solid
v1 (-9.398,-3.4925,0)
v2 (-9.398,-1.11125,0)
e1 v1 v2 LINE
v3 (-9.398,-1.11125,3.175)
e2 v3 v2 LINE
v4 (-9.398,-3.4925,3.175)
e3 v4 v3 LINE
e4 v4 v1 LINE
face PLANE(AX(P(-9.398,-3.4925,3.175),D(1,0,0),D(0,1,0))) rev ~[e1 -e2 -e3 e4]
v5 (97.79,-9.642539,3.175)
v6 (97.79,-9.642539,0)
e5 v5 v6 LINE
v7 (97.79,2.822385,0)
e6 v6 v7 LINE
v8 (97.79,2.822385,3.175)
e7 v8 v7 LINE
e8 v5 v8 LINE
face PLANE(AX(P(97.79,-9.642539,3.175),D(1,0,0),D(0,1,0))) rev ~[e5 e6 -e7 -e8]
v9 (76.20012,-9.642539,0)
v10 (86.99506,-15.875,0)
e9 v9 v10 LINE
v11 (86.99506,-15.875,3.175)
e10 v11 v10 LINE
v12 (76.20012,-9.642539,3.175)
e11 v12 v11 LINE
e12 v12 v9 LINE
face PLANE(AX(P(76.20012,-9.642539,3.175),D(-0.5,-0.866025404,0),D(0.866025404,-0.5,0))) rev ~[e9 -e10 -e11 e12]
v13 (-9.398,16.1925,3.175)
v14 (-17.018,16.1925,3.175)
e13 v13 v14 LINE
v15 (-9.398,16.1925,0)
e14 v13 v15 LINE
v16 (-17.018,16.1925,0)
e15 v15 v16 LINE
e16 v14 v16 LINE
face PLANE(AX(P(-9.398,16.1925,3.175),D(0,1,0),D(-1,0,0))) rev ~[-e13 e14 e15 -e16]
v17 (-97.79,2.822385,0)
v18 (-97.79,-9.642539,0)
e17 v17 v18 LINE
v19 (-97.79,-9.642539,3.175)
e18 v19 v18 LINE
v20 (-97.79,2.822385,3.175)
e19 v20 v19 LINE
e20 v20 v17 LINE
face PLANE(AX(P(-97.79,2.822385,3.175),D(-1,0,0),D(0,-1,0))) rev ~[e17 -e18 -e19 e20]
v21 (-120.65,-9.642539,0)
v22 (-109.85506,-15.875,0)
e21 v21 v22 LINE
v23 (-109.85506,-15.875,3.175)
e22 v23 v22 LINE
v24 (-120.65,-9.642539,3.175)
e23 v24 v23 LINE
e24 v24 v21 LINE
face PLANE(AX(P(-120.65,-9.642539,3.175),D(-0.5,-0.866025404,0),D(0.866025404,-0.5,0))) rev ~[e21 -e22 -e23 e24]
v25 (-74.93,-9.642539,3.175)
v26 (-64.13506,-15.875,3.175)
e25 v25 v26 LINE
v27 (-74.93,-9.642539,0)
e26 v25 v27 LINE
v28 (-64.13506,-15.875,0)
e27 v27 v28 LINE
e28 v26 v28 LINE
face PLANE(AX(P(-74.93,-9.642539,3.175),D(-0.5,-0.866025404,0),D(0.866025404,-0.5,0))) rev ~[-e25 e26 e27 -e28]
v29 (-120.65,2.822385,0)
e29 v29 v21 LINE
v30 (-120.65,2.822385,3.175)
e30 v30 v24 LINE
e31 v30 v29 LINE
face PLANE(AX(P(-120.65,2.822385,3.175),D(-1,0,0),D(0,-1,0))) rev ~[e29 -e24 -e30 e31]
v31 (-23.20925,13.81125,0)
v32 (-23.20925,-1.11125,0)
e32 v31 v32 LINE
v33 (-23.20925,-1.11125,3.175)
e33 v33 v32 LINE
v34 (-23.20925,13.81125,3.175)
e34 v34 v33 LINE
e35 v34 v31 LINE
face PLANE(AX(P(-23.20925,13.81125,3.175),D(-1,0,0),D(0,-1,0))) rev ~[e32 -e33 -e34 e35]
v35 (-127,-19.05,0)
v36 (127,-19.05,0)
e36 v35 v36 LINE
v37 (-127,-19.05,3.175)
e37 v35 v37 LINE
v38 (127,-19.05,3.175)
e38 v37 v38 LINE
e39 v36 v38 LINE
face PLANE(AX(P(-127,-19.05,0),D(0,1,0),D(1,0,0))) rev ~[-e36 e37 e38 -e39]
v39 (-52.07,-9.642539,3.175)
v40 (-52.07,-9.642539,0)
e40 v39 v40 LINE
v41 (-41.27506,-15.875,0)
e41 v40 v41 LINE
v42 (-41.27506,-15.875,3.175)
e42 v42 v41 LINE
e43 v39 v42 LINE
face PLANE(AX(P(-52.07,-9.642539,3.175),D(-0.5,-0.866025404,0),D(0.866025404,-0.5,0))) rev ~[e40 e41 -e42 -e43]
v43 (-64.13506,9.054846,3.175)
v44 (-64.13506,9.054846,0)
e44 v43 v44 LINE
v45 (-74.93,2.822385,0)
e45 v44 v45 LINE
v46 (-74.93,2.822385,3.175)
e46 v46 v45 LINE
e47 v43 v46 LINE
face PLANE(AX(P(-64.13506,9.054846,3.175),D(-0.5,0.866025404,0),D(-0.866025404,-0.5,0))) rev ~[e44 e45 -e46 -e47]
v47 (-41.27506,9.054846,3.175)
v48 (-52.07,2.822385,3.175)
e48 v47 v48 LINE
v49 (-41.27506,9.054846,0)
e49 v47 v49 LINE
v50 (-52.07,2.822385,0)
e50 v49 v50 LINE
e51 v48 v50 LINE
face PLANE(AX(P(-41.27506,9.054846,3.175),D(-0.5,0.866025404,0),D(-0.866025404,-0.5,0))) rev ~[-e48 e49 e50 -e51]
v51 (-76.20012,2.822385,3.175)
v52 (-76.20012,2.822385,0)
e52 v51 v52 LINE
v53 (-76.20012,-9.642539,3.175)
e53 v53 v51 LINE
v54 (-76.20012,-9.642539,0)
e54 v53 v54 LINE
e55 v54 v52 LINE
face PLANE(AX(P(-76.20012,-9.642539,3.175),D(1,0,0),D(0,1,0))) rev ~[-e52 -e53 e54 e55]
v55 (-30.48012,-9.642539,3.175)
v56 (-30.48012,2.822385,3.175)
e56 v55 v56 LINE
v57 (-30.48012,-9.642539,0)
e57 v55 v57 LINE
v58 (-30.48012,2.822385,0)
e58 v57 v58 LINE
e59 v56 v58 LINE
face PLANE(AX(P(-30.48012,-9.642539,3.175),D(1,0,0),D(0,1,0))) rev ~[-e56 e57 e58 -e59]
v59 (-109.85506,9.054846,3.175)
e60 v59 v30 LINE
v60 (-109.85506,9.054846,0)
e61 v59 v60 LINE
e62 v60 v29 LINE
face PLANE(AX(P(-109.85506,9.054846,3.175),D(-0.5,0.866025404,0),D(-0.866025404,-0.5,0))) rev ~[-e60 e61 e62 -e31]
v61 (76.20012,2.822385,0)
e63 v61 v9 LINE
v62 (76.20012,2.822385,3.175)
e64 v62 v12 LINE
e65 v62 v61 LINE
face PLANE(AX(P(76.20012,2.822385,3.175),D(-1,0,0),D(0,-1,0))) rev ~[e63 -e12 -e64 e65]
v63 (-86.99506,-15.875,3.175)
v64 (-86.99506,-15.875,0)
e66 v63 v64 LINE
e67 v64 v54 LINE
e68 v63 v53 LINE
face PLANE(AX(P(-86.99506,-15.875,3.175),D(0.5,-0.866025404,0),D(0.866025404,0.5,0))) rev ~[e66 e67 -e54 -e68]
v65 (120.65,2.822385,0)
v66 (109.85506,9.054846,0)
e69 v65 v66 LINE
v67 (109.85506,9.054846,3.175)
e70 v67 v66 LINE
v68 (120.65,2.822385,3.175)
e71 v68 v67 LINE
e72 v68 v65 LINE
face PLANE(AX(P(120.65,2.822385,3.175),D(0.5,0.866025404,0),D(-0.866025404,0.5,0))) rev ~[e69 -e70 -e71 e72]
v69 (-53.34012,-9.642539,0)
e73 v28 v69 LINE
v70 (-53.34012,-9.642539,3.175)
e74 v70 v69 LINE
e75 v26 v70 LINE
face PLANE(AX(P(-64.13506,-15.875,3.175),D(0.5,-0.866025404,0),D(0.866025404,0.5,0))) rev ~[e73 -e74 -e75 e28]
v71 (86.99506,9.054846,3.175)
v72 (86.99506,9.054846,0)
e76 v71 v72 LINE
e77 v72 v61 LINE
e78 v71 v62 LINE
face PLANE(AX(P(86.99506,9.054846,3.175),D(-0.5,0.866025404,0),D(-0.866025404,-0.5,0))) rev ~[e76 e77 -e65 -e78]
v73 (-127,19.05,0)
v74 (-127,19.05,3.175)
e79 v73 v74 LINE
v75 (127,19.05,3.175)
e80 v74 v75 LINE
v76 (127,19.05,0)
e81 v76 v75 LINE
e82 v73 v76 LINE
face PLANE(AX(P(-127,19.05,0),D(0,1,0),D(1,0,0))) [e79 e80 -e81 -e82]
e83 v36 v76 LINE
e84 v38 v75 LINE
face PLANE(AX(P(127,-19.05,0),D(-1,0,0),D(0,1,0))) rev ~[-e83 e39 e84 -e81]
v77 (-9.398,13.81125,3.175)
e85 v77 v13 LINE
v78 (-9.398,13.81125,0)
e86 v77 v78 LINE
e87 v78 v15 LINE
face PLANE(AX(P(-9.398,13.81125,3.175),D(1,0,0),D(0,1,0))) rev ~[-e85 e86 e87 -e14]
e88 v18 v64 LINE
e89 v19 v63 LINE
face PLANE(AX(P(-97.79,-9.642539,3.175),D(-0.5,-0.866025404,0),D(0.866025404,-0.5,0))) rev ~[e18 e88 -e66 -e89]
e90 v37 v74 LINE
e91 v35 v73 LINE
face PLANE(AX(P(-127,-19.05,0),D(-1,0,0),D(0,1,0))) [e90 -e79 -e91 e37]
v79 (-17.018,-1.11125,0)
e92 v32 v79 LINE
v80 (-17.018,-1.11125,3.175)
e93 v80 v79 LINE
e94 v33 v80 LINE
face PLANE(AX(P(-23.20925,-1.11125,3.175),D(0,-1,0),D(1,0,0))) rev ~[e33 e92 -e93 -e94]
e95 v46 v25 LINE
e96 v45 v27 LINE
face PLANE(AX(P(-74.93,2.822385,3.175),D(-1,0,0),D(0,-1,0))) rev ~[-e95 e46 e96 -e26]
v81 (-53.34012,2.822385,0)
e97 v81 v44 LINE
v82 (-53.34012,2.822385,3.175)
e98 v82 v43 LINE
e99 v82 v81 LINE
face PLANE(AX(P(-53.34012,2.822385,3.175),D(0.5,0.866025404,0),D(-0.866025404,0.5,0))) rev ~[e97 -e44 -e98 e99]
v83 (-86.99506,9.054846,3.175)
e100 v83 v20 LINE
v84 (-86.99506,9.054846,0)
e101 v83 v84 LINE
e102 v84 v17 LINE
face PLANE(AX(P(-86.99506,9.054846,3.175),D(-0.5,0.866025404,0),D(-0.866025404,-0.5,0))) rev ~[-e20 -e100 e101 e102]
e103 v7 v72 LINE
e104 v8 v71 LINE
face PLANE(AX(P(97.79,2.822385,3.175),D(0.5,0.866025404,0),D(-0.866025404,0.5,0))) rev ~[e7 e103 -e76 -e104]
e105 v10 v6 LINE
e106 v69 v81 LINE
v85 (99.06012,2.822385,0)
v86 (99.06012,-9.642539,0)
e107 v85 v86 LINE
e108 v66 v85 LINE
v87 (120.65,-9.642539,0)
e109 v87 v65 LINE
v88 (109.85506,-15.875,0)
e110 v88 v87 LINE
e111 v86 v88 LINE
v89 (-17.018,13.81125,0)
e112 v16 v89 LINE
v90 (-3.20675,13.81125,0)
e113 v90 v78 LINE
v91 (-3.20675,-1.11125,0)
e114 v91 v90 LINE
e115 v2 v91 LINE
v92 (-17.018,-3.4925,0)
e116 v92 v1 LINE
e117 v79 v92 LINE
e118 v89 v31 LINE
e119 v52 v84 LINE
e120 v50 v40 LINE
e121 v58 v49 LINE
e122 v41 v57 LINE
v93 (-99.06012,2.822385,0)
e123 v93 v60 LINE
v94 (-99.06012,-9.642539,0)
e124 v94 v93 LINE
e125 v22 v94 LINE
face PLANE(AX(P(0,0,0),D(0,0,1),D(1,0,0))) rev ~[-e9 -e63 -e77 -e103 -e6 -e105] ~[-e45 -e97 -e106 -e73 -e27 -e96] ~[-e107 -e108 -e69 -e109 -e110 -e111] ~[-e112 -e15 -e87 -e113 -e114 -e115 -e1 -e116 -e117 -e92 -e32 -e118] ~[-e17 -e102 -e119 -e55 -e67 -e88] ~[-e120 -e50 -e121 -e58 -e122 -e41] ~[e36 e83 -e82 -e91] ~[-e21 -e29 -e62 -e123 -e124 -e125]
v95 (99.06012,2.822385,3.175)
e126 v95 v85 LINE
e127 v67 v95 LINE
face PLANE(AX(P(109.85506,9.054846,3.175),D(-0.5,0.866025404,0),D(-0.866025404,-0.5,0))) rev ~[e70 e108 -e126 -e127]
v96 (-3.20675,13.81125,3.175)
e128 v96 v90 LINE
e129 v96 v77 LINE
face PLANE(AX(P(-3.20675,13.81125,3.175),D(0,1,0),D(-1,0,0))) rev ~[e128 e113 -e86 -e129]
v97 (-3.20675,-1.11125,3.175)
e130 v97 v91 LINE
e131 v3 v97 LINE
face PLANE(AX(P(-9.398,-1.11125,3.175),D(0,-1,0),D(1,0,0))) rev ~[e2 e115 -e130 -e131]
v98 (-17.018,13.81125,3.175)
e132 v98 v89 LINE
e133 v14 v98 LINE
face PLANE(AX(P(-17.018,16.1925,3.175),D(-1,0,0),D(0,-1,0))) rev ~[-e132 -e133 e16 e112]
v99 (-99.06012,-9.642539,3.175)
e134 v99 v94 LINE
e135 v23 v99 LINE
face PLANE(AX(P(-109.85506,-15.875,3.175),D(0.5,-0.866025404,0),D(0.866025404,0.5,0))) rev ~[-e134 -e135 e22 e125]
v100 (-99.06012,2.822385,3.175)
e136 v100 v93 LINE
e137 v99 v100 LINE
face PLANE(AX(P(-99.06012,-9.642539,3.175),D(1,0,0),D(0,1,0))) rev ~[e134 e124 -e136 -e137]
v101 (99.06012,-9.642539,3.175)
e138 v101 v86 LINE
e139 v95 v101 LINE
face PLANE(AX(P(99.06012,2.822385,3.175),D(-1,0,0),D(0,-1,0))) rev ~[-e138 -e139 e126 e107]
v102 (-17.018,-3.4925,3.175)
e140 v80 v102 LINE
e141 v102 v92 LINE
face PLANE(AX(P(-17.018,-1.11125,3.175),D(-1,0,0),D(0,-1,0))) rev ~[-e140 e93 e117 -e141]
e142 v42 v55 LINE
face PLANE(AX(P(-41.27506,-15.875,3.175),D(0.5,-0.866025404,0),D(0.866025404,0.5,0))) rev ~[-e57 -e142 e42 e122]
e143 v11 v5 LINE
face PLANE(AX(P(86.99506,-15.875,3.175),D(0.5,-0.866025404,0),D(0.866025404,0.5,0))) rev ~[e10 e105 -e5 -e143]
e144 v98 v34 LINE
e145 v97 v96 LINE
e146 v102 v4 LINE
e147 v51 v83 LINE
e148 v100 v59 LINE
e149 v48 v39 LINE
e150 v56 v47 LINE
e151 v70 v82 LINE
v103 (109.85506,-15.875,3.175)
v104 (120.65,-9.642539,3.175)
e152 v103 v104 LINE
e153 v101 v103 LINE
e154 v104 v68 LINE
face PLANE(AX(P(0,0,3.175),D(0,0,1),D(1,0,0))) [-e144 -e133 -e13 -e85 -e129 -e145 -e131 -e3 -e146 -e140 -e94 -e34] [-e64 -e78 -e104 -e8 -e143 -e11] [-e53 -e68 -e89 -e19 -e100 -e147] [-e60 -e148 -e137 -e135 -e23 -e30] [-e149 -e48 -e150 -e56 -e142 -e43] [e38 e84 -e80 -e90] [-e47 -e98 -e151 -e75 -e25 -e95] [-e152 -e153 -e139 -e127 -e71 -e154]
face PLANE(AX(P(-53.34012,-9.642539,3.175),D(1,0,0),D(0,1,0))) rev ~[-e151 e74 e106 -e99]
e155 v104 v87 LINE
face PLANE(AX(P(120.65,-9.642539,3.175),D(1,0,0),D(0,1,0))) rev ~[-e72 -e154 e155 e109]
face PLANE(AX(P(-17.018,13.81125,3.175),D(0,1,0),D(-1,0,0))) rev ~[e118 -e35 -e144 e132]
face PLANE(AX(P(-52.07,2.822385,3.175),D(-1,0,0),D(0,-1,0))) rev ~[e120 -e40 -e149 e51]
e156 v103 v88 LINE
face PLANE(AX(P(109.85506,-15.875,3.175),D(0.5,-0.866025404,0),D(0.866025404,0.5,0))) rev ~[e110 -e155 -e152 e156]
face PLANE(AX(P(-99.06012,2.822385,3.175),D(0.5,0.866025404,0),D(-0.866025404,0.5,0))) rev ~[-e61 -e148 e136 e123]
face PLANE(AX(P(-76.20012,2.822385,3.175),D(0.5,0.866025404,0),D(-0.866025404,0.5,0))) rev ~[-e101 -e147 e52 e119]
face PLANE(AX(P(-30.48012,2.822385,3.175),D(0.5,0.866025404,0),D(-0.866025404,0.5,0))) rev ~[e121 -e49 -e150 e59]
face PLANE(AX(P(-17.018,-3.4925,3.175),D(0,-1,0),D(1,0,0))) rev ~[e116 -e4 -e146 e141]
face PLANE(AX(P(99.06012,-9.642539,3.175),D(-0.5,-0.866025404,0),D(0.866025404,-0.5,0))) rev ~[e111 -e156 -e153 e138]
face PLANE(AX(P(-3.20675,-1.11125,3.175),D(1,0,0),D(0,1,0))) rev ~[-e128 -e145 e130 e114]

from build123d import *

# Parameters (mm, degrees)
SKETCH1_W           = 254
SKETCH1_H           = 38.1
BOSS_EXTRUDE1_DEPTH = 3.175
CUT_EXTRUDE1_DEPTH  = 10.414
CUT_EXTRUDE2_DEPTH  = 3.175


with BuildPart() as part:
    # Sketch1 → Boss-Extrude1 (new body)
    with BuildSketch(Plane.XY):
        Rectangle(SKETCH1_W, SKETCH1_H)
    extrude(amount=BOSS_EXTRUDE1_DEPTH)

    # Sketch4 → Cut-Extrude1 (cut)
    with BuildSketch(Plane.XY.offset(3.175)):
        Polygon((-99.060120052, -9.6425385), (-99.060120052, 2.8223845), (-109.855060026, 9.054846), (-120.65, 2.8223845), (-120.65, -9.6425385), (-109.855060026, -15.875), align=None)
        Polygon((-76.200120052, -9.6425385), (-76.200120052, 2.8223845), (-86.995060026, 9.054846), (-97.79, 2.8223845), (-97.79, -9.6425385), (-86.995060026, -15.875), align=None)
        Polygon((-53.340120052, -9.6425385), (-53.340120052, 2.8223845), (-64.135060026, 9.054846), (-74.93, 2.8223845), (-74.93, -9.6425385), (-64.135060026, -15.875), align=None)
        Polygon((-30.480120052, -9.6425385), (-30.480120052, 2.8223845), (-41.275060026, 9.054846), (-52.07, 2.8223845), (-52.07, -9.6425385), (-41.275060026, -15.875), align=None)
        Polygon((120.65, -9.6425385), (120.65, 2.8223845), (109.855060026, 9.054846), (99.060120052, 2.8223845), (99.060120052, -9.6425385), (109.855060026, -15.875), align=None)
        Polygon((97.79, -9.6425385), (97.79, 2.8223845), (86.995060026, 9.054846), (76.200120052, 2.8223845), (76.200120052, -9.6425385), (86.995060026, -15.875), align=None)
    extrude(amount=-CUT_EXTRUDE1_DEPTH, mode=Mode.SUBTRACT)

    # Sketch2 → Cut-Extrude2 (cut)
    with BuildSketch(Plane.XY.offset(3.175)):
        Polygon((-3.20675, -1.11125), (-3.20675, 13.81125), (-9.398, 13.81125), (-9.398, 16.1925), (-17.018, 16.1925), (-17.018, 13.81125), (-23.20925, 13.81125), (-23.20925, -1.11125), (-17.018, -1.11125), (-17.018, -3.4925), (-9.398, -3.4925), (-9.398, -1.11125), align=None)
    extrude(amount=-CUT_EXTRUDE2_DEPTH, mode=Mode.SUBTRACT)


solid = part.part
